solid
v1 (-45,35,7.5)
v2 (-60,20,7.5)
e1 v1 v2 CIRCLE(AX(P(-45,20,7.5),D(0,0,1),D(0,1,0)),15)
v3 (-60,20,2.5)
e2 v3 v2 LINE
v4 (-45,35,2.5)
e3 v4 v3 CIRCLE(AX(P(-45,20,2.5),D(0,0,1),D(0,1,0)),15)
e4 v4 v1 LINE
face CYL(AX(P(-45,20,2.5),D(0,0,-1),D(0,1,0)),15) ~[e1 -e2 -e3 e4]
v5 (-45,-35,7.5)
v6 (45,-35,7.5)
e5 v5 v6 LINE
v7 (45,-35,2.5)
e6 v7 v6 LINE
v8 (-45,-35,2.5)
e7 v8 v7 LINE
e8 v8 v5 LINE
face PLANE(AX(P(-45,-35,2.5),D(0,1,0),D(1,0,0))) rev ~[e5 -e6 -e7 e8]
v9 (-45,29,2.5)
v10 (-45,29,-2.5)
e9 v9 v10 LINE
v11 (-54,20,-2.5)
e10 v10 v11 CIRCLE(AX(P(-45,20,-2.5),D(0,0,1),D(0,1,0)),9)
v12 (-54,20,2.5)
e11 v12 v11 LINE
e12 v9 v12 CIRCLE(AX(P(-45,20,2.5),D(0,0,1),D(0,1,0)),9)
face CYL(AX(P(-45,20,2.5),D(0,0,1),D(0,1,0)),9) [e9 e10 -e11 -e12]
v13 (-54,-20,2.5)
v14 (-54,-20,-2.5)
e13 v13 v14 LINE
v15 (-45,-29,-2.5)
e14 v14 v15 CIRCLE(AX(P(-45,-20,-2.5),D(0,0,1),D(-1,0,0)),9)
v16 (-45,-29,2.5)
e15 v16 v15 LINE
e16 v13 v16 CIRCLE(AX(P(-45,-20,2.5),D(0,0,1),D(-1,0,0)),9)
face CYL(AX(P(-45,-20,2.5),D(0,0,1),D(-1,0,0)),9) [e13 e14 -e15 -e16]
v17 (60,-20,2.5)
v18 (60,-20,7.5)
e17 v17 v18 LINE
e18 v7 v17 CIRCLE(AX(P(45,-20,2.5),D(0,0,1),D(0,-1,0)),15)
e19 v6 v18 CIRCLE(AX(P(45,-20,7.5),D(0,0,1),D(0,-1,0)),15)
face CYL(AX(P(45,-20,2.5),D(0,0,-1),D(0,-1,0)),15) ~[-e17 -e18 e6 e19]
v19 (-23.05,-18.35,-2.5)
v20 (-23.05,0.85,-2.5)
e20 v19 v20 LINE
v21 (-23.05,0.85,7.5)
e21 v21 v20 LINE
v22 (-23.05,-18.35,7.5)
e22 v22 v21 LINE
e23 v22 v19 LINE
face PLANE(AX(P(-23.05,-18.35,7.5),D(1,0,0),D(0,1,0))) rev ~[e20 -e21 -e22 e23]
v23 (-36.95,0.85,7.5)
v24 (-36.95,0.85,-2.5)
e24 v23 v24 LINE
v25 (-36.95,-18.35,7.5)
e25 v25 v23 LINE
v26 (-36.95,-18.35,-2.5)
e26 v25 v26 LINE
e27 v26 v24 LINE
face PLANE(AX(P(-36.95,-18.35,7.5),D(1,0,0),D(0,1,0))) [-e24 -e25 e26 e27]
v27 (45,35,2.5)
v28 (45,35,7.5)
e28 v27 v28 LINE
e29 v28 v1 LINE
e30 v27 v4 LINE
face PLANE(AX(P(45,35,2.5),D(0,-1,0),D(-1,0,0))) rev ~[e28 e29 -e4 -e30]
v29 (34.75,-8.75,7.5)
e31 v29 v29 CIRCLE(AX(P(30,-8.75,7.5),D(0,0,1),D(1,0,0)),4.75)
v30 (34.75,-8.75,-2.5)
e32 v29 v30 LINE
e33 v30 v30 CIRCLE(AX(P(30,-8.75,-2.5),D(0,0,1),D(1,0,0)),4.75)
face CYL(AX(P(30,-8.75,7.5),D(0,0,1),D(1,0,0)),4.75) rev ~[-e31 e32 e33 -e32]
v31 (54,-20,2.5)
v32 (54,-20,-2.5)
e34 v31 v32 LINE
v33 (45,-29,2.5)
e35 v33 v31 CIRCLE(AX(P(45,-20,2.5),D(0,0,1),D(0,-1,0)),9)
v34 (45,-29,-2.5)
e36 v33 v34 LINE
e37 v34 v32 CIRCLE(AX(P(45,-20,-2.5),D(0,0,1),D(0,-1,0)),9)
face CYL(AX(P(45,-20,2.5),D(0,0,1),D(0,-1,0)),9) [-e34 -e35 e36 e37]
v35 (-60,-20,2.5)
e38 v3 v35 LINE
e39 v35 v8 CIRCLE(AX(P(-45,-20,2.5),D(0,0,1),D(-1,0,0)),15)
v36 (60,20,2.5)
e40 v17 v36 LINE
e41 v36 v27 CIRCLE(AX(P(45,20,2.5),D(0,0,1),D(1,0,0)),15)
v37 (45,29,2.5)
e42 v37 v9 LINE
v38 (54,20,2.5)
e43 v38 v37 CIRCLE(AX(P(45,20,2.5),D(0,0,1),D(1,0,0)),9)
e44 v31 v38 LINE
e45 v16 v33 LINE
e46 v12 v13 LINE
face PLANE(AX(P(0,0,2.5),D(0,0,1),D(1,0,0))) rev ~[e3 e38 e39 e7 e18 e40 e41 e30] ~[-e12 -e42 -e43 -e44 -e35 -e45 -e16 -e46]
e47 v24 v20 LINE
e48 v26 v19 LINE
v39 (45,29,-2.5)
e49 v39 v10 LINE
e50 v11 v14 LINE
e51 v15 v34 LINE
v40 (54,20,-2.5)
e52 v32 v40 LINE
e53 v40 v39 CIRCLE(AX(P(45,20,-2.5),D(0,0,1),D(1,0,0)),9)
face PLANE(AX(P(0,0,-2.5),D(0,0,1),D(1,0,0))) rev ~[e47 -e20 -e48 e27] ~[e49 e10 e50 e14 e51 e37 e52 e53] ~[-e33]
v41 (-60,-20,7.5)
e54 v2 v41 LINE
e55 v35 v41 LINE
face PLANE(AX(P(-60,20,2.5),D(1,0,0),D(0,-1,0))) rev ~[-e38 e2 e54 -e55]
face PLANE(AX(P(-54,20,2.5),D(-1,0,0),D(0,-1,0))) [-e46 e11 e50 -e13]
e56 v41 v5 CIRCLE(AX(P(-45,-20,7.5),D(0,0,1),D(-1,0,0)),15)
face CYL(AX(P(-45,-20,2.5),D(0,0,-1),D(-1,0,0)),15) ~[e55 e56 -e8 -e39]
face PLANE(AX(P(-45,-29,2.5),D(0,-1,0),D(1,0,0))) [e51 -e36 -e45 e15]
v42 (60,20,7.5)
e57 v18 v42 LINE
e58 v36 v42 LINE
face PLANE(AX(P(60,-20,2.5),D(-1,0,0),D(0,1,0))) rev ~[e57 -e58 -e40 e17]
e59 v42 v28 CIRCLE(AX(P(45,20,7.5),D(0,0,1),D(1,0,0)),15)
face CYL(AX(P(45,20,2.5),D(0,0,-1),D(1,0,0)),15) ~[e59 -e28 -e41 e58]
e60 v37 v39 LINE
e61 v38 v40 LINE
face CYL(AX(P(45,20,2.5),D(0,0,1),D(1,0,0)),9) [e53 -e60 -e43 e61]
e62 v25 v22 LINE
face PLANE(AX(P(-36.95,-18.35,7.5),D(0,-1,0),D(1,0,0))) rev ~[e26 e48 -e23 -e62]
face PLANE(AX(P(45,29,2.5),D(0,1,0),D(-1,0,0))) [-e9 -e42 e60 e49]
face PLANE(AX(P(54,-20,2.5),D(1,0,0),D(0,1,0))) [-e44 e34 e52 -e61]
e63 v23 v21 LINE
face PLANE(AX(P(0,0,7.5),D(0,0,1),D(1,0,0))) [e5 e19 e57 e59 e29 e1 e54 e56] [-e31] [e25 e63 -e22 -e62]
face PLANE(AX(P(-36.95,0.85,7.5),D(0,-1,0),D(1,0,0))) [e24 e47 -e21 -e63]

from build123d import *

# Parameters (mm, degrees)
F2_DEPTH = 5
F3_DEPTH = 5
F4_W     = 13.9
F4_H     = 19.2
F4_R     = 4.75
F5_DEPTH = 10


with BuildPart() as f2:
    # F1 (on offset) → F2 (new body)
    with BuildSketch(Plane.XY.offset(2.5)):
        with BuildLine():
            Line((45, 35), (-45, 35))
            ThreePointArc((-45, 35), (-55.6066017178, 30.6066017178), (-60, 20))
            Line((-60, 20), (-60, -20))
            ThreePointArc((-60, -20), (-55.6066017178, -30.6066017178), (-45, -35))
            Line((-45, -35), (45, -35))
            ThreePointArc((45, -35), (55.6066017178, -30.6066017178), (60, -20))
            Line((60, -20), (60, 20))
            ThreePointArc((60, 20), (55.6066017178, 30.6066017178), (45, 35))
        make_face()
        with BuildLine():
            Line((-45, 30), (45, 30))
            ThreePointArc((45, 30), (52.0710678119, 27.0710678119), (55, 20))
            Line((55, 20), (55, -20))
            ThreePointArc((55, -20), (52.0710678119, -27.0710678119), (45, -30))
            Line((45, -30), (-45, -30))
            ThreePointArc((-45, -30), (-52.0710678119, -27.0710678119), (-55, -20))
            Line((-55, -20), (-55, 20))
            ThreePointArc((-55, 20), (-52.0710678119, 27.0710678119), (-45, 30))
        make_face(mode=Mode.SUBTRACT)
        with BuildLine():
            ThreePointArc((55, 20), (52.0710678119, 27.0710678119), (45, 30))
            Line((45, 30), (-45, 30))
            ThreePointArc((-45, 30), (-52.0710678119, 27.0710678119), (-55, 20))
            Line((-55, 20), (-55, -20))
            ThreePointArc((-55, -20), (-52.0710678119, -27.0710678119), (-45, -30))
            Line((-45, -30), (45, -30))
            ThreePointArc((45, -30), (52.0710678119, -27.0710678119), (55, -20))
            Line((55, -20), (55, 20))
        make_face()
        with BuildLine():
            Line((-45, 29), (45, 29))
            ThreePointArc((45, 29), (51.3639610307, 26.3639610307), (54, 20))
            Line((54, 20), (54, -20))
            ThreePointArc((54, -20), (51.3639610307, -26.3639610307), (45, -29))
            Line((45, -29), (-45, -29))
            ThreePointArc((-45, -29), (-51.3639610307, -26.3639610307), (-54, -20))
            Line((-54, -20), (-54, 20))
            ThreePointArc((-54, 20), (-51.3639610307, 26.3639610307), (-45, 29))
        make_face(mode=Mode.SUBTRACT)
        with BuildLine():
            ThreePointArc((54, 20), (51.3639610307, 26.3639610307), (45, 29))
            Line((45, 29), (-45, 29))
            ThreePointArc((-45, 29), (-51.3639610307, 26.3639610307), (-54, 20))
            Line((-54, 20), (-54, -20))
            ThreePointArc((-54, -20), (-51.3639610307, -26.3639610307), (-45, -29))
            Line((-45, -29), (45, -29))
            ThreePointArc((45, -29), (51.3639610307, -26.3639610307), (54, -20))
            Line((54, -20), (54, 20))
        make_face()
    extrude(amount=F2_DEPTH)

    # F1 (on offset) → F3 (join)
    with BuildSketch(Plane.XY.offset(2.5)):
        with BuildLine():
            ThreePointArc((54, 20), (51.3639610307, 26.3639610307), (45, 29))
            Line((45, 29), (-45, 29))
            ThreePointArc((-45, 29), (-51.3639610307, 26.3639610307), (-54, 20))
            Line((-54, 20), (-54, -20))
            ThreePointArc((-54, -20), (-51.3639610307, -26.3639610307), (-45, -29))
            Line((-45, -29), (45, -29))
            ThreePointArc((45, -29), (51.3639610307, -26.3639610307), (54, -20))
            Line((54, -20), (54, 20))
        make_face()
    extrude(amount=-F3_DEPTH)

    # F4 (on face) → F5 (cut, through all)
    with BuildSketch(Plane.XY.offset(7.5)):
        with Locations((-30, -8.75)):
            Rectangle(F4_W, F4_H)
        with Locations((30, -8.75)):
            Circle(F4_R)
    extrude(amount=-F5_DEPTH, mode=Mode.SUBTRACT)


solid = f2.part
